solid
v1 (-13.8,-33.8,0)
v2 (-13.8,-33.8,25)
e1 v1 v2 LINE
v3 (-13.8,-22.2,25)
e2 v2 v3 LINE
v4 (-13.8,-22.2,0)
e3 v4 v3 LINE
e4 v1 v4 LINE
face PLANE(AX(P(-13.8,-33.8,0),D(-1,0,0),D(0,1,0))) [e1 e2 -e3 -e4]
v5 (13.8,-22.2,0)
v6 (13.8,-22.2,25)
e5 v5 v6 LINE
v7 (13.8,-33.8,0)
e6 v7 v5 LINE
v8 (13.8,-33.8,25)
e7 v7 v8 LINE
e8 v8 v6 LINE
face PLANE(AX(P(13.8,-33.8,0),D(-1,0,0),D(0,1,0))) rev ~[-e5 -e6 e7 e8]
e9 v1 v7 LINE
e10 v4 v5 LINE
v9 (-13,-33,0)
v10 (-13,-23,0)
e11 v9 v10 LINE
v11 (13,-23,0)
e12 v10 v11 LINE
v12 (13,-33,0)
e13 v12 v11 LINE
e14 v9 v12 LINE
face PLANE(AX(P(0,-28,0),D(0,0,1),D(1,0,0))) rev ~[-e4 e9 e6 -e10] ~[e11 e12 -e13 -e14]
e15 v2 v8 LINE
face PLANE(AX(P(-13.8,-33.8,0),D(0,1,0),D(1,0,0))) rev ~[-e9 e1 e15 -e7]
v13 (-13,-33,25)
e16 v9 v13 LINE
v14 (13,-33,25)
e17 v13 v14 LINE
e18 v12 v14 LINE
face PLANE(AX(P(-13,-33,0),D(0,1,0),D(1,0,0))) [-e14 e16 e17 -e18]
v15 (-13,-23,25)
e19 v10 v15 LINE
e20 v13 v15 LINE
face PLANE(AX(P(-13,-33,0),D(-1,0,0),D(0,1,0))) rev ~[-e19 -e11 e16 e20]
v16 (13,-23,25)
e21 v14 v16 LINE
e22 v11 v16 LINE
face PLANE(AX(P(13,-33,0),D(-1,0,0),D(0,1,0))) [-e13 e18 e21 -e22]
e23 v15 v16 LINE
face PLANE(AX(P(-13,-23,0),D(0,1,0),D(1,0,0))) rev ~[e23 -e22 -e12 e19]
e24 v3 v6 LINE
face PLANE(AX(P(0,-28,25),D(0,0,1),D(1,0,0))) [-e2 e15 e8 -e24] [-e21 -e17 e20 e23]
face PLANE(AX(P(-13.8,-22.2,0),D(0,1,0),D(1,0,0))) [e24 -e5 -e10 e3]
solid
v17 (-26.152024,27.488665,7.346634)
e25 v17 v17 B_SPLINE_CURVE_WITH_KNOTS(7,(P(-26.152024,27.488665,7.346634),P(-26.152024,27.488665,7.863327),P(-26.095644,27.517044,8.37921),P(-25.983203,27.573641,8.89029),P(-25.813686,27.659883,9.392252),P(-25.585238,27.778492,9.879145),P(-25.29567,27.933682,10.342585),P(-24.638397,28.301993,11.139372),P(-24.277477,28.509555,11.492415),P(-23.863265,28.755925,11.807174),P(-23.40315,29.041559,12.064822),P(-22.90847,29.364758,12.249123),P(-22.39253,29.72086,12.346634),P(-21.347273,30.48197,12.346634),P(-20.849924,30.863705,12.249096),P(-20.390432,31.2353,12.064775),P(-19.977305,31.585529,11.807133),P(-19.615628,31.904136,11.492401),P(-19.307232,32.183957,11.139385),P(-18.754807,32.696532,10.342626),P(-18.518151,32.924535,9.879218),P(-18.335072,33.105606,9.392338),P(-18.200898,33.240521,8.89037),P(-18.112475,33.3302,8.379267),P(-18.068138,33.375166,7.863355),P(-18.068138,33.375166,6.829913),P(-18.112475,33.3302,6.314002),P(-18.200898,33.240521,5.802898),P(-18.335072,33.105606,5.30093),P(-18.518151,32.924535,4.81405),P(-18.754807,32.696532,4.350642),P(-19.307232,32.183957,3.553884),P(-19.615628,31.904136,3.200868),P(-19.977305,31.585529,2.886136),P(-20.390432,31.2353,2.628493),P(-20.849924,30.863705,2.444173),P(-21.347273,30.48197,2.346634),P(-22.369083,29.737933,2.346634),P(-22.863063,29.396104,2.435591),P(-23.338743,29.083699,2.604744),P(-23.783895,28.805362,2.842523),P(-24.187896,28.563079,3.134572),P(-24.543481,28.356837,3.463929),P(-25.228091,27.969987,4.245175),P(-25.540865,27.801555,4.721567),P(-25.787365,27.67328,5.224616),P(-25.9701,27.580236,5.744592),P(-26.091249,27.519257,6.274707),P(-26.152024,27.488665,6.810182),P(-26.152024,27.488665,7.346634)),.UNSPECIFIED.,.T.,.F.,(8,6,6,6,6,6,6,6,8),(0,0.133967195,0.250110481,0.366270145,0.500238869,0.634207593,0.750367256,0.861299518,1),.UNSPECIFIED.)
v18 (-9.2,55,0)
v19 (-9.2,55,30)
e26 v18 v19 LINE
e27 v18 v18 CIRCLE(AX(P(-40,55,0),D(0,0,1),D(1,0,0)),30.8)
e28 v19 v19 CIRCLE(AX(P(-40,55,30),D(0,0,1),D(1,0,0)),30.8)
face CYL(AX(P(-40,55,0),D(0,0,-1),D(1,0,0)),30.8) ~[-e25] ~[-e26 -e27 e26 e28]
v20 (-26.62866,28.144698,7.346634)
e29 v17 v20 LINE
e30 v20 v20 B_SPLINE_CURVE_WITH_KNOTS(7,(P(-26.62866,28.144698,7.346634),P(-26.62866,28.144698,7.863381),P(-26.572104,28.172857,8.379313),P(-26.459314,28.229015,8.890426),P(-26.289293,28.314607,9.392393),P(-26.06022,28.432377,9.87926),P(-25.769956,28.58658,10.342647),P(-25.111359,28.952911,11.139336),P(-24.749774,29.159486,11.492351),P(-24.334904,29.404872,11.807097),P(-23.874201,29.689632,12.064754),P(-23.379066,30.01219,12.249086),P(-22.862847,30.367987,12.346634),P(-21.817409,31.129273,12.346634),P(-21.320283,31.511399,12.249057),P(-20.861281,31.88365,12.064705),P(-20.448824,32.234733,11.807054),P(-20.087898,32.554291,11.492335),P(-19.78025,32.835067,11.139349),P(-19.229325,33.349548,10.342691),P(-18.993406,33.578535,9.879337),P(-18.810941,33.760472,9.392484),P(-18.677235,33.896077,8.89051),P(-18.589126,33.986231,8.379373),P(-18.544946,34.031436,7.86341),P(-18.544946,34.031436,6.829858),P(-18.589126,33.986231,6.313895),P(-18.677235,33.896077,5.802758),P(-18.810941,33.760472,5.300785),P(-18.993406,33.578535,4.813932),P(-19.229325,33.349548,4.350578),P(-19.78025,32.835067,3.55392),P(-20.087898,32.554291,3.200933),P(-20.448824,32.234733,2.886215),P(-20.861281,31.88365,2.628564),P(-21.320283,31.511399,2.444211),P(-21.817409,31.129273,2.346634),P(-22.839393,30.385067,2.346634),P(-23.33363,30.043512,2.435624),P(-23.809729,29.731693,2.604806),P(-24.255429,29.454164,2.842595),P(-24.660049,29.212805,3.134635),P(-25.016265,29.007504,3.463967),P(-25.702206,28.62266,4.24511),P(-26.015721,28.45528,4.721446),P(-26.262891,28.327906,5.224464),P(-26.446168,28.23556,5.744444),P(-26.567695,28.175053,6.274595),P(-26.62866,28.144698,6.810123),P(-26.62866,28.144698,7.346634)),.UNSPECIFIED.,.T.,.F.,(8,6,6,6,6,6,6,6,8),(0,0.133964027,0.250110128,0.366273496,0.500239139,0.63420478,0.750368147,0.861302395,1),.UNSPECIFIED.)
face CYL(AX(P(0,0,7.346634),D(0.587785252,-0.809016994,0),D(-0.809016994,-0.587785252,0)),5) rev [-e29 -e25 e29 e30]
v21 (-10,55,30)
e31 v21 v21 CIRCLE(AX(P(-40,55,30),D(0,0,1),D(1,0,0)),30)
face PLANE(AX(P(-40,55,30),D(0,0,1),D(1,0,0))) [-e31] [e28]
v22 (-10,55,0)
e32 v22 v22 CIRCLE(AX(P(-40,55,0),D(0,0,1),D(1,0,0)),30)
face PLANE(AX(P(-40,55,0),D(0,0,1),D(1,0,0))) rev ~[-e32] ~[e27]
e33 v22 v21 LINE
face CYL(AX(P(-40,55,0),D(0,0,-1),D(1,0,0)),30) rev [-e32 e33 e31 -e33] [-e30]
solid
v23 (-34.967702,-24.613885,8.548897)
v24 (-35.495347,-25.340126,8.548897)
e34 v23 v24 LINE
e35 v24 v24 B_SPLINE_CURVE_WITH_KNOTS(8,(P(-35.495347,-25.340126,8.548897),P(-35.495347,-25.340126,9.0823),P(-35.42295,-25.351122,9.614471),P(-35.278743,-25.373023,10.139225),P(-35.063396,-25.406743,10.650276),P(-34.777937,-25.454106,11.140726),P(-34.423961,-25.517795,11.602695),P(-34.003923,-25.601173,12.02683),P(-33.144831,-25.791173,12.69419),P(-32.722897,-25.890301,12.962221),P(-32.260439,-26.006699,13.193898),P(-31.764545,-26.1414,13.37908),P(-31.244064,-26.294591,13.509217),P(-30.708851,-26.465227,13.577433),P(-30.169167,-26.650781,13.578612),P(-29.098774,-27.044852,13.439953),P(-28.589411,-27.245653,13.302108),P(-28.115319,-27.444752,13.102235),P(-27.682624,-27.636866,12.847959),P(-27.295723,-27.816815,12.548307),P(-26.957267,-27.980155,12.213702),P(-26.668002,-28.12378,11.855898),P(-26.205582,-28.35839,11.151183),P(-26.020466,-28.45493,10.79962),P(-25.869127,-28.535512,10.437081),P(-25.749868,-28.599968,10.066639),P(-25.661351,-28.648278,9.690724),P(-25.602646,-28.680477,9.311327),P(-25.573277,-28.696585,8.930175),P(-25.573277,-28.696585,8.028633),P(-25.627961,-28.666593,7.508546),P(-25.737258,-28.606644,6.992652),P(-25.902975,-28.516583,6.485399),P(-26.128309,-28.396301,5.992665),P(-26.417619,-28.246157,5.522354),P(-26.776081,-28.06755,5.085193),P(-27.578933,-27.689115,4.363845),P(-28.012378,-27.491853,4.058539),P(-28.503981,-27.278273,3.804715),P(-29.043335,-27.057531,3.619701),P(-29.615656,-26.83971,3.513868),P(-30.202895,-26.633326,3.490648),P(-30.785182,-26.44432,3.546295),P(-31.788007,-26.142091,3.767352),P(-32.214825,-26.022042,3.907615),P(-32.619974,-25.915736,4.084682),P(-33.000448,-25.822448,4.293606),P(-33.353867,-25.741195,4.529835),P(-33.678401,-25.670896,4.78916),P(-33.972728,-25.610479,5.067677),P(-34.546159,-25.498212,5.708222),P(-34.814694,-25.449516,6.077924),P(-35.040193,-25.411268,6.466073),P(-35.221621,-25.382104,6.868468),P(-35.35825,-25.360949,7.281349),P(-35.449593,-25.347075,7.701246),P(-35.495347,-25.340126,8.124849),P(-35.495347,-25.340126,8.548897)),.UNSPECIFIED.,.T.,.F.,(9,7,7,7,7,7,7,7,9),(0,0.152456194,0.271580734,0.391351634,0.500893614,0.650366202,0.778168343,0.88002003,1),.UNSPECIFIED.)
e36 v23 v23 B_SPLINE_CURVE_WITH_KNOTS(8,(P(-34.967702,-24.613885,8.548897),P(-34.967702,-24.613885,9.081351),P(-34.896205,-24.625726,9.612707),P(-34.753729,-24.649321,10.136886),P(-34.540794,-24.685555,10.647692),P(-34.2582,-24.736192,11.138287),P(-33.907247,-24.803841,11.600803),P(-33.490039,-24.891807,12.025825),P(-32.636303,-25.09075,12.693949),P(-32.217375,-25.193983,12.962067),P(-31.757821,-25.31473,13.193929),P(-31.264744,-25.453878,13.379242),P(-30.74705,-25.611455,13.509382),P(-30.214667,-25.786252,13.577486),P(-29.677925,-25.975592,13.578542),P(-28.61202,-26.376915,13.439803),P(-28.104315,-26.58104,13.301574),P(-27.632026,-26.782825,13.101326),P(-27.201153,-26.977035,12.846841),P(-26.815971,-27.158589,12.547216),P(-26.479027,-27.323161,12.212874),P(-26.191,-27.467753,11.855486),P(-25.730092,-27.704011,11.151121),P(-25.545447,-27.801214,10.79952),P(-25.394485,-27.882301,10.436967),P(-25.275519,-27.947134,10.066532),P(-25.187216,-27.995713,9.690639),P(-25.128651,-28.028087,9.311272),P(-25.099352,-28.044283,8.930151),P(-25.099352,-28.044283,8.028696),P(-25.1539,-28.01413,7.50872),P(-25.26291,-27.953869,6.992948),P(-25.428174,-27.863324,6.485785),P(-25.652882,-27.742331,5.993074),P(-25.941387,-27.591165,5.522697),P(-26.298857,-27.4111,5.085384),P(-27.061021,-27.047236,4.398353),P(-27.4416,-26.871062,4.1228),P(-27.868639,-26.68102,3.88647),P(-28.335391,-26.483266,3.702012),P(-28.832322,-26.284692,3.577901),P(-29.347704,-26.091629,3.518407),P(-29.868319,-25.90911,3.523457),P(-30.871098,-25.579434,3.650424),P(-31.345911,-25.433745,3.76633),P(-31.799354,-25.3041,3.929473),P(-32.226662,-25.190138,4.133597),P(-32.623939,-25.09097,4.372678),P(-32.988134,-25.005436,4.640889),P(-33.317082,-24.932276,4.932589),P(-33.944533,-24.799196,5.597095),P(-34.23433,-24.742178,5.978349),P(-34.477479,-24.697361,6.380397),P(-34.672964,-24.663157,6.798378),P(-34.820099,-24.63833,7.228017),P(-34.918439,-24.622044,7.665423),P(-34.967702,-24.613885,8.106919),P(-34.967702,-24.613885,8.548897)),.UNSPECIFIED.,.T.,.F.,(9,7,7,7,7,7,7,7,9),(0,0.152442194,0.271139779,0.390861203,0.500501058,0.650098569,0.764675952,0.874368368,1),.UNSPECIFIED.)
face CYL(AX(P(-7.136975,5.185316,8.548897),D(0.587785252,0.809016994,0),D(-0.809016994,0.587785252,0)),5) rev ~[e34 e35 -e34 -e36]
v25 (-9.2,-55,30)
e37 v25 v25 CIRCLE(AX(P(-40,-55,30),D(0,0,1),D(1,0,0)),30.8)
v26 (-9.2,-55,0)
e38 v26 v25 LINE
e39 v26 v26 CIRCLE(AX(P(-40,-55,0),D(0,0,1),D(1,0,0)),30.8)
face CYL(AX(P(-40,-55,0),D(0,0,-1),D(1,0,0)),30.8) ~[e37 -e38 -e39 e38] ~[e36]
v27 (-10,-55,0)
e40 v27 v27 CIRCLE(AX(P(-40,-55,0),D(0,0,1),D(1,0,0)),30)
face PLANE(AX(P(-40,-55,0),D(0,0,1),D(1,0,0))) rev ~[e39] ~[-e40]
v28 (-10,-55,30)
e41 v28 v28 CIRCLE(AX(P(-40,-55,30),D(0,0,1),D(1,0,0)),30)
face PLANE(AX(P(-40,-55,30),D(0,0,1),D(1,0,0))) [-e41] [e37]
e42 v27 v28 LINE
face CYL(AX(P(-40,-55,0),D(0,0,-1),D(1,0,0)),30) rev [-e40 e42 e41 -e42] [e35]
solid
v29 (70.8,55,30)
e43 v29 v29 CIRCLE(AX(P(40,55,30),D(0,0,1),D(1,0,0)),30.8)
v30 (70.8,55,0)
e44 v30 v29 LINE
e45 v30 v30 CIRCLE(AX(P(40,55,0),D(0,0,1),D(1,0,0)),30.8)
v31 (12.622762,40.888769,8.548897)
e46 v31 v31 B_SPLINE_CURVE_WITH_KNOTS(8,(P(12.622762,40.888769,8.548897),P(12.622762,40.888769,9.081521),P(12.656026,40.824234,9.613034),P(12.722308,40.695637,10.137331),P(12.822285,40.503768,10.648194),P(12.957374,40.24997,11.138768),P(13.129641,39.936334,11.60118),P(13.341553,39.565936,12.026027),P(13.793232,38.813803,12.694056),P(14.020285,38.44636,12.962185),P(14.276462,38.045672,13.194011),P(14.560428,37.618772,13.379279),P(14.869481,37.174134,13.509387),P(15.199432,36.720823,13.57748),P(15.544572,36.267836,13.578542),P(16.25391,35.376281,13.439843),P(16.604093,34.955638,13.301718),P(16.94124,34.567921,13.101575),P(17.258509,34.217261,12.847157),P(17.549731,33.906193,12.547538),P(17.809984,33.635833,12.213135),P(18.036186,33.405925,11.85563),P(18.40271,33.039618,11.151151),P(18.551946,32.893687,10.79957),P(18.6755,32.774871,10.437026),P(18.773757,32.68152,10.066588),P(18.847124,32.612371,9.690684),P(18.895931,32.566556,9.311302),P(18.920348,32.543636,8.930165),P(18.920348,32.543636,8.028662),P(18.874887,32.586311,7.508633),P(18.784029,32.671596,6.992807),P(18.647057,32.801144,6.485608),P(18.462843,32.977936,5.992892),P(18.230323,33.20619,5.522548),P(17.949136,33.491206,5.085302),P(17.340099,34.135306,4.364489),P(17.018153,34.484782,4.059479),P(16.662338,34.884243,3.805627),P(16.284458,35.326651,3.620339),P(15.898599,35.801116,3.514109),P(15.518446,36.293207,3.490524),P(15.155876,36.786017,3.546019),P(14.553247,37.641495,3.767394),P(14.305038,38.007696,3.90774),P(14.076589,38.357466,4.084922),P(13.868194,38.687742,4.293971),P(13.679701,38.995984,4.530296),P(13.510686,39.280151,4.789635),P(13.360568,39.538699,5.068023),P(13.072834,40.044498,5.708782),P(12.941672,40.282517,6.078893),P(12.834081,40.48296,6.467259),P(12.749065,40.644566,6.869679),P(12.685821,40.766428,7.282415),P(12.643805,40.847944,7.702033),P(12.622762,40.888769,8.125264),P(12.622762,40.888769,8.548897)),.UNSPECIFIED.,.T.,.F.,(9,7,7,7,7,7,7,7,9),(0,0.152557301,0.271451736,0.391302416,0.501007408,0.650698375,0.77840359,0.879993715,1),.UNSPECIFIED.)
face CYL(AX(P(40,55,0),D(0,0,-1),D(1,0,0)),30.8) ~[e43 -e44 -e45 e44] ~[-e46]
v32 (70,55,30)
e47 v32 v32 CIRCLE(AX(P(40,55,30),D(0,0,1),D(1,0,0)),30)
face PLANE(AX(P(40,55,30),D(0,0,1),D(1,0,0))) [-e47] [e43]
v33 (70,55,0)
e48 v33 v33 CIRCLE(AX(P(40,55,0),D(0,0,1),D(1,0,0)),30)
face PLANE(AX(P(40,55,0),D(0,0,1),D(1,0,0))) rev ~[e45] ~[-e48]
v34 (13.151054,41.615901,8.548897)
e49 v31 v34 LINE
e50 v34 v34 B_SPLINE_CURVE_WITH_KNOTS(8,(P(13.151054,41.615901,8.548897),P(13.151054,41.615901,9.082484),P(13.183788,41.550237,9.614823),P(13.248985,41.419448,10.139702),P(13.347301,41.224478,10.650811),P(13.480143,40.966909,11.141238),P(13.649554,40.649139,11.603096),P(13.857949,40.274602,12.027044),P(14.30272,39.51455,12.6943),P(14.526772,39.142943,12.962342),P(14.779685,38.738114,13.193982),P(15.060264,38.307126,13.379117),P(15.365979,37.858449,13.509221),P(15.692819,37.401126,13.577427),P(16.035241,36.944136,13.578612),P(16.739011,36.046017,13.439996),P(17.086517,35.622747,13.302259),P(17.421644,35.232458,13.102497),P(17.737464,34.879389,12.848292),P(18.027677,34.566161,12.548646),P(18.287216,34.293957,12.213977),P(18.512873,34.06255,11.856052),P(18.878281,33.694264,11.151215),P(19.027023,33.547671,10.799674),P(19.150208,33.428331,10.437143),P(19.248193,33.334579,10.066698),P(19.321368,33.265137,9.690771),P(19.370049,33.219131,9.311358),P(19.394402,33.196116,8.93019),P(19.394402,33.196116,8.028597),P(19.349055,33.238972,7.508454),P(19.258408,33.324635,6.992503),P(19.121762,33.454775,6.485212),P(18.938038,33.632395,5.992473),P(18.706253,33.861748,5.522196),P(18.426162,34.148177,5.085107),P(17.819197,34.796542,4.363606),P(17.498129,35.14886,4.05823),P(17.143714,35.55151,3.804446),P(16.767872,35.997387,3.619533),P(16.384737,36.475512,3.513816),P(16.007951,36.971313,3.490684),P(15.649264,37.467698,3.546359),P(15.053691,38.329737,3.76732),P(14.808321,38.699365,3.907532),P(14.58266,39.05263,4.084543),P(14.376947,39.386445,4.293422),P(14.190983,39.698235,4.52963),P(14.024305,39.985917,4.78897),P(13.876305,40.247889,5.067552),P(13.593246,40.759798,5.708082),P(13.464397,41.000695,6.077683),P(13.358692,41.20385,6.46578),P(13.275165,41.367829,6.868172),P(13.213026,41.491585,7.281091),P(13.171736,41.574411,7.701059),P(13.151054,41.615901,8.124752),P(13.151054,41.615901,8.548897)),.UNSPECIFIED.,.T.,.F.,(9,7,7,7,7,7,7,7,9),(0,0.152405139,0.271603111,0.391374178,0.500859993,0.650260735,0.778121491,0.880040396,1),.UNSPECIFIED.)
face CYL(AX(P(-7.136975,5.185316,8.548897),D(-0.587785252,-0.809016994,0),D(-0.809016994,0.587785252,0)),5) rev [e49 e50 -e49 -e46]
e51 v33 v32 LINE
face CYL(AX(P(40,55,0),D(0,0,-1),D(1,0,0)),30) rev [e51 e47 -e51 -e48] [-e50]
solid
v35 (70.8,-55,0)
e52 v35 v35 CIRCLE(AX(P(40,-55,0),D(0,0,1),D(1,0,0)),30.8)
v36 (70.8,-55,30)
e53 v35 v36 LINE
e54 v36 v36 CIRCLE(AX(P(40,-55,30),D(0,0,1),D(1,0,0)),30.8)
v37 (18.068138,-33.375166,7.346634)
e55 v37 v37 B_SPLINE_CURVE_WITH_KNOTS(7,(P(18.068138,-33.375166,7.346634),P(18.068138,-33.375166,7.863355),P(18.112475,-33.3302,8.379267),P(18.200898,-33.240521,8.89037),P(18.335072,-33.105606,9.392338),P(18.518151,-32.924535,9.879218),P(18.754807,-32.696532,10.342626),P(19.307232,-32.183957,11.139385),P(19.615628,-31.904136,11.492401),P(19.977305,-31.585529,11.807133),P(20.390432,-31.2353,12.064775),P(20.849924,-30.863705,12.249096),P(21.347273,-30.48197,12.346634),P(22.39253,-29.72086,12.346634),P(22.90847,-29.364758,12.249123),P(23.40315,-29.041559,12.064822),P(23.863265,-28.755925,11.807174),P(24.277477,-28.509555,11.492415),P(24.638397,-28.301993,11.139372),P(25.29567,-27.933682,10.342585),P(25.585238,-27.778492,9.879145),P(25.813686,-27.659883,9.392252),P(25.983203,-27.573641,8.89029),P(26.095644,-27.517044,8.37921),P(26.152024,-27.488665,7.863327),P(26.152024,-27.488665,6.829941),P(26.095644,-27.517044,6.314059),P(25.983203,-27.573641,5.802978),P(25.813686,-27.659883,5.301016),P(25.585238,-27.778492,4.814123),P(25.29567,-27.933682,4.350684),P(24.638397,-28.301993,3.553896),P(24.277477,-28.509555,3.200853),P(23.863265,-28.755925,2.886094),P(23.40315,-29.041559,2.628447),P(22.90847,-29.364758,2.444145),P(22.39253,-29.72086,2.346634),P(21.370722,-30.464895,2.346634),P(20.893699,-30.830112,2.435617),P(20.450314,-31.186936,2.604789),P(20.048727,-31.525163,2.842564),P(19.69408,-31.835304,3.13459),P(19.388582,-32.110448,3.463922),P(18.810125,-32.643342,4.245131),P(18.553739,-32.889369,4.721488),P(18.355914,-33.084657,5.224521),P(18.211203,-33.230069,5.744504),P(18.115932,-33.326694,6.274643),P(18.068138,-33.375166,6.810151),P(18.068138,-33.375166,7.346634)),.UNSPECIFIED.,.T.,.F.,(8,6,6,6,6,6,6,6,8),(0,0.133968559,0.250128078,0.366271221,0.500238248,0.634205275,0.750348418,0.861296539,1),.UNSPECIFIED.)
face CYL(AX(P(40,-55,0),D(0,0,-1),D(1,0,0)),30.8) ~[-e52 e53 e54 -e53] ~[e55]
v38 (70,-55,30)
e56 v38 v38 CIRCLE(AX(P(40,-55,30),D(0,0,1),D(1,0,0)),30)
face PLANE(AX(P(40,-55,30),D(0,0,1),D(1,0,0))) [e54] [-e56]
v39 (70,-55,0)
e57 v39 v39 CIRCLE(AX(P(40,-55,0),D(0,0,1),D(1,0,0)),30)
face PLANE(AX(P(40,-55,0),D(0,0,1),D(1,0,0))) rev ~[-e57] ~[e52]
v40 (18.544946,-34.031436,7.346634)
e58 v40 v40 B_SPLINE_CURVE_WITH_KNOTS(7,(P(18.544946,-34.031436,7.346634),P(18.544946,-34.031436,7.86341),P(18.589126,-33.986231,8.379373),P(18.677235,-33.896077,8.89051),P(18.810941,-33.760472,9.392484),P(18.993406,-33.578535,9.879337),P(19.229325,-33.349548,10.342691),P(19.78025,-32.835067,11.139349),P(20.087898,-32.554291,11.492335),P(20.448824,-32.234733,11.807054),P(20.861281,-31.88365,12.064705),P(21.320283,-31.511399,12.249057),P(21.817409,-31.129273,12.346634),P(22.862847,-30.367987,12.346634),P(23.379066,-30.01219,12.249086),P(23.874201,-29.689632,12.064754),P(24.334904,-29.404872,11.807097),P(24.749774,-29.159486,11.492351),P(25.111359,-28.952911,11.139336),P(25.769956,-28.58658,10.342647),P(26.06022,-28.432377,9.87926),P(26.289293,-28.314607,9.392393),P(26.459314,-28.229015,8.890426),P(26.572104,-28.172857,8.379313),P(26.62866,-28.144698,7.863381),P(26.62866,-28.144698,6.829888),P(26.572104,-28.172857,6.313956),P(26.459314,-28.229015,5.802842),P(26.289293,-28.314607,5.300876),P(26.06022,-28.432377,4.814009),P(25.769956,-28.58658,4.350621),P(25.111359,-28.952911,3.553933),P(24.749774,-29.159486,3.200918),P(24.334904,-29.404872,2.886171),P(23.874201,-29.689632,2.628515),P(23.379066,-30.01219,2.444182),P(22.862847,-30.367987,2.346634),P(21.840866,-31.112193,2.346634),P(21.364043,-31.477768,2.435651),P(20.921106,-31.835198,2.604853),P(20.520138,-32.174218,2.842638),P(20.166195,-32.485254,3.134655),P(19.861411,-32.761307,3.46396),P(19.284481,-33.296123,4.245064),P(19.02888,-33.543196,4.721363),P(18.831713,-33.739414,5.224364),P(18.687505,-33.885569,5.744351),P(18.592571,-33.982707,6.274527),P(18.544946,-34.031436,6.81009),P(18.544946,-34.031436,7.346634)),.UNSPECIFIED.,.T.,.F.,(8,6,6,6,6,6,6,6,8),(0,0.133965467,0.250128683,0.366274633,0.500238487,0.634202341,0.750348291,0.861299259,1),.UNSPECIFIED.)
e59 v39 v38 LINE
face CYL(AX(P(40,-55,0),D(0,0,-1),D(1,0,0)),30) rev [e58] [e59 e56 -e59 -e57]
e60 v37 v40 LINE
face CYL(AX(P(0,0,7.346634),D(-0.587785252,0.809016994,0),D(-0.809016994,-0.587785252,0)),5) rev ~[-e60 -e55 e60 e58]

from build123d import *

# Parameters (mm, degrees)
F0_R          = 30.8
F0_R_2        = 30
F1_DEPTH      = 30
F4_R          = 5
F5_DEPTH      = 60
F5_DEPTH_BACK = 60
F7_R          = 5
F8_DEPTH      = 50
F8_DEPTH_BACK = 50
F9_W          = 27.6
F9_H          = 11.6
F9_W_2        = 26
F9_H_2        = 10
F10_DEPTH     = 25


with BuildPart() as f1:
    # F0 (on Top) → F1 (new body)
    with BuildSketch(Plane.XY):
        with Locations((-40, 55)):
            Circle(F0_R)
        with Locations((-40, 55)):
            Circle(F0_R_2, mode=Mode.SUBTRACT)
    extrude(amount=F1_DEPTH)


with BuildPart() as f1b:
    # F0 (on Top) → F1, piece 2 (new body)
    with BuildSketch(Plane.XY):
        with Locations((40, 55)):
            Circle(F0_R)
        with Locations((40, 55)):
            Circle(F0_R_2, mode=Mode.SUBTRACT)
    extrude(amount=F1_DEPTH)


with BuildPart() as f1c:
    # F0 (on Top) → F1, piece 3 (new body)
    with BuildSketch(Plane.XY):
        with Locations((-40, -55)):
            Circle(F0_R)
        with Locations((-40, -55)):
            Circle(F0_R_2, mode=Mode.SUBTRACT)
    extrude(amount=F1_DEPTH)


with BuildPart() as f1d:
    # F0 (on Top) → F1, piece 4 (new body)
    with BuildSketch(Plane.XY):
        with Locations((40, -55)):
            Circle(F0_R)
        with Locations((40, -55)):
            Circle(F0_R_2, mode=Mode.SUBTRACT)
    extrude(amount=F1_DEPTH)


with BuildPart() as f5_tool:
    # F4 (on line) → F5 (new body, two sides)
    with BuildSketch(Plane(origin=(0, 0, 0), x_dir=(-0.8090169944, -0.5877852523, 0), z_dir=(-0.5877852523, 0.8090169944, 0))) as f5_sk:
        with Locations((0, 7.3466342874)):
            Circle(F4_R)
    extrude(amount=-F5_DEPTH)
    extrude(f5_sk.sketch, amount=F5_DEPTH_BACK)


with BuildPart() as f1_1:
    add(f1.part)

    # F5: cut by f5_tool
    add(f5_tool.part, mode=Mode.SUBTRACT)


with BuildPart() as f1d_1:
    add(f1d.part)

    # F5: cut by f5_tool
    add(f5_tool.part, mode=Mode.SUBTRACT)


with BuildPart() as f8_tool:
    # F7 (on line) → F8 (new body, two sides)
    with BuildSketch(Plane(origin=(0, 0, 0), x_dir=(-0.8090169944, 0.5877852523, 0), z_dir=(0.5877852523, 0.8090169944, 0))) as f8_sk:
        with Locations((8.8217863813, 8.5488967597)):
            Circle(F7_R)
    extrude(amount=-F8_DEPTH)
    extrude(f8_sk.sketch, amount=F8_DEPTH_BACK)


with BuildPart() as f1b_1:
    add(f1b.part)

    # F8: cut by f8_tool
    add(f8_tool.part, mode=Mode.SUBTRACT)


with BuildPart() as f1c_1:
    add(f1c.part)

    # F8: cut by f8_tool
    add(f8_tool.part, mode=Mode.SUBTRACT)


with BuildPart() as f10:
    # F9 (on Top) → F10 (new body)
    with BuildSketch(Plane.XY):
        with Locations((0, -28)):
            Rectangle(F9_W, F9_H)
        with Locations((0, -28)):
            Rectangle(F9_W_2, F9_H_2, mode=Mode.SUBTRACT)
    extrude(amount=F10_DEPTH)


solid = Compound([f1_1.part, f1d_1.part, f1b_1.part, f1c_1.part, f10.part])
